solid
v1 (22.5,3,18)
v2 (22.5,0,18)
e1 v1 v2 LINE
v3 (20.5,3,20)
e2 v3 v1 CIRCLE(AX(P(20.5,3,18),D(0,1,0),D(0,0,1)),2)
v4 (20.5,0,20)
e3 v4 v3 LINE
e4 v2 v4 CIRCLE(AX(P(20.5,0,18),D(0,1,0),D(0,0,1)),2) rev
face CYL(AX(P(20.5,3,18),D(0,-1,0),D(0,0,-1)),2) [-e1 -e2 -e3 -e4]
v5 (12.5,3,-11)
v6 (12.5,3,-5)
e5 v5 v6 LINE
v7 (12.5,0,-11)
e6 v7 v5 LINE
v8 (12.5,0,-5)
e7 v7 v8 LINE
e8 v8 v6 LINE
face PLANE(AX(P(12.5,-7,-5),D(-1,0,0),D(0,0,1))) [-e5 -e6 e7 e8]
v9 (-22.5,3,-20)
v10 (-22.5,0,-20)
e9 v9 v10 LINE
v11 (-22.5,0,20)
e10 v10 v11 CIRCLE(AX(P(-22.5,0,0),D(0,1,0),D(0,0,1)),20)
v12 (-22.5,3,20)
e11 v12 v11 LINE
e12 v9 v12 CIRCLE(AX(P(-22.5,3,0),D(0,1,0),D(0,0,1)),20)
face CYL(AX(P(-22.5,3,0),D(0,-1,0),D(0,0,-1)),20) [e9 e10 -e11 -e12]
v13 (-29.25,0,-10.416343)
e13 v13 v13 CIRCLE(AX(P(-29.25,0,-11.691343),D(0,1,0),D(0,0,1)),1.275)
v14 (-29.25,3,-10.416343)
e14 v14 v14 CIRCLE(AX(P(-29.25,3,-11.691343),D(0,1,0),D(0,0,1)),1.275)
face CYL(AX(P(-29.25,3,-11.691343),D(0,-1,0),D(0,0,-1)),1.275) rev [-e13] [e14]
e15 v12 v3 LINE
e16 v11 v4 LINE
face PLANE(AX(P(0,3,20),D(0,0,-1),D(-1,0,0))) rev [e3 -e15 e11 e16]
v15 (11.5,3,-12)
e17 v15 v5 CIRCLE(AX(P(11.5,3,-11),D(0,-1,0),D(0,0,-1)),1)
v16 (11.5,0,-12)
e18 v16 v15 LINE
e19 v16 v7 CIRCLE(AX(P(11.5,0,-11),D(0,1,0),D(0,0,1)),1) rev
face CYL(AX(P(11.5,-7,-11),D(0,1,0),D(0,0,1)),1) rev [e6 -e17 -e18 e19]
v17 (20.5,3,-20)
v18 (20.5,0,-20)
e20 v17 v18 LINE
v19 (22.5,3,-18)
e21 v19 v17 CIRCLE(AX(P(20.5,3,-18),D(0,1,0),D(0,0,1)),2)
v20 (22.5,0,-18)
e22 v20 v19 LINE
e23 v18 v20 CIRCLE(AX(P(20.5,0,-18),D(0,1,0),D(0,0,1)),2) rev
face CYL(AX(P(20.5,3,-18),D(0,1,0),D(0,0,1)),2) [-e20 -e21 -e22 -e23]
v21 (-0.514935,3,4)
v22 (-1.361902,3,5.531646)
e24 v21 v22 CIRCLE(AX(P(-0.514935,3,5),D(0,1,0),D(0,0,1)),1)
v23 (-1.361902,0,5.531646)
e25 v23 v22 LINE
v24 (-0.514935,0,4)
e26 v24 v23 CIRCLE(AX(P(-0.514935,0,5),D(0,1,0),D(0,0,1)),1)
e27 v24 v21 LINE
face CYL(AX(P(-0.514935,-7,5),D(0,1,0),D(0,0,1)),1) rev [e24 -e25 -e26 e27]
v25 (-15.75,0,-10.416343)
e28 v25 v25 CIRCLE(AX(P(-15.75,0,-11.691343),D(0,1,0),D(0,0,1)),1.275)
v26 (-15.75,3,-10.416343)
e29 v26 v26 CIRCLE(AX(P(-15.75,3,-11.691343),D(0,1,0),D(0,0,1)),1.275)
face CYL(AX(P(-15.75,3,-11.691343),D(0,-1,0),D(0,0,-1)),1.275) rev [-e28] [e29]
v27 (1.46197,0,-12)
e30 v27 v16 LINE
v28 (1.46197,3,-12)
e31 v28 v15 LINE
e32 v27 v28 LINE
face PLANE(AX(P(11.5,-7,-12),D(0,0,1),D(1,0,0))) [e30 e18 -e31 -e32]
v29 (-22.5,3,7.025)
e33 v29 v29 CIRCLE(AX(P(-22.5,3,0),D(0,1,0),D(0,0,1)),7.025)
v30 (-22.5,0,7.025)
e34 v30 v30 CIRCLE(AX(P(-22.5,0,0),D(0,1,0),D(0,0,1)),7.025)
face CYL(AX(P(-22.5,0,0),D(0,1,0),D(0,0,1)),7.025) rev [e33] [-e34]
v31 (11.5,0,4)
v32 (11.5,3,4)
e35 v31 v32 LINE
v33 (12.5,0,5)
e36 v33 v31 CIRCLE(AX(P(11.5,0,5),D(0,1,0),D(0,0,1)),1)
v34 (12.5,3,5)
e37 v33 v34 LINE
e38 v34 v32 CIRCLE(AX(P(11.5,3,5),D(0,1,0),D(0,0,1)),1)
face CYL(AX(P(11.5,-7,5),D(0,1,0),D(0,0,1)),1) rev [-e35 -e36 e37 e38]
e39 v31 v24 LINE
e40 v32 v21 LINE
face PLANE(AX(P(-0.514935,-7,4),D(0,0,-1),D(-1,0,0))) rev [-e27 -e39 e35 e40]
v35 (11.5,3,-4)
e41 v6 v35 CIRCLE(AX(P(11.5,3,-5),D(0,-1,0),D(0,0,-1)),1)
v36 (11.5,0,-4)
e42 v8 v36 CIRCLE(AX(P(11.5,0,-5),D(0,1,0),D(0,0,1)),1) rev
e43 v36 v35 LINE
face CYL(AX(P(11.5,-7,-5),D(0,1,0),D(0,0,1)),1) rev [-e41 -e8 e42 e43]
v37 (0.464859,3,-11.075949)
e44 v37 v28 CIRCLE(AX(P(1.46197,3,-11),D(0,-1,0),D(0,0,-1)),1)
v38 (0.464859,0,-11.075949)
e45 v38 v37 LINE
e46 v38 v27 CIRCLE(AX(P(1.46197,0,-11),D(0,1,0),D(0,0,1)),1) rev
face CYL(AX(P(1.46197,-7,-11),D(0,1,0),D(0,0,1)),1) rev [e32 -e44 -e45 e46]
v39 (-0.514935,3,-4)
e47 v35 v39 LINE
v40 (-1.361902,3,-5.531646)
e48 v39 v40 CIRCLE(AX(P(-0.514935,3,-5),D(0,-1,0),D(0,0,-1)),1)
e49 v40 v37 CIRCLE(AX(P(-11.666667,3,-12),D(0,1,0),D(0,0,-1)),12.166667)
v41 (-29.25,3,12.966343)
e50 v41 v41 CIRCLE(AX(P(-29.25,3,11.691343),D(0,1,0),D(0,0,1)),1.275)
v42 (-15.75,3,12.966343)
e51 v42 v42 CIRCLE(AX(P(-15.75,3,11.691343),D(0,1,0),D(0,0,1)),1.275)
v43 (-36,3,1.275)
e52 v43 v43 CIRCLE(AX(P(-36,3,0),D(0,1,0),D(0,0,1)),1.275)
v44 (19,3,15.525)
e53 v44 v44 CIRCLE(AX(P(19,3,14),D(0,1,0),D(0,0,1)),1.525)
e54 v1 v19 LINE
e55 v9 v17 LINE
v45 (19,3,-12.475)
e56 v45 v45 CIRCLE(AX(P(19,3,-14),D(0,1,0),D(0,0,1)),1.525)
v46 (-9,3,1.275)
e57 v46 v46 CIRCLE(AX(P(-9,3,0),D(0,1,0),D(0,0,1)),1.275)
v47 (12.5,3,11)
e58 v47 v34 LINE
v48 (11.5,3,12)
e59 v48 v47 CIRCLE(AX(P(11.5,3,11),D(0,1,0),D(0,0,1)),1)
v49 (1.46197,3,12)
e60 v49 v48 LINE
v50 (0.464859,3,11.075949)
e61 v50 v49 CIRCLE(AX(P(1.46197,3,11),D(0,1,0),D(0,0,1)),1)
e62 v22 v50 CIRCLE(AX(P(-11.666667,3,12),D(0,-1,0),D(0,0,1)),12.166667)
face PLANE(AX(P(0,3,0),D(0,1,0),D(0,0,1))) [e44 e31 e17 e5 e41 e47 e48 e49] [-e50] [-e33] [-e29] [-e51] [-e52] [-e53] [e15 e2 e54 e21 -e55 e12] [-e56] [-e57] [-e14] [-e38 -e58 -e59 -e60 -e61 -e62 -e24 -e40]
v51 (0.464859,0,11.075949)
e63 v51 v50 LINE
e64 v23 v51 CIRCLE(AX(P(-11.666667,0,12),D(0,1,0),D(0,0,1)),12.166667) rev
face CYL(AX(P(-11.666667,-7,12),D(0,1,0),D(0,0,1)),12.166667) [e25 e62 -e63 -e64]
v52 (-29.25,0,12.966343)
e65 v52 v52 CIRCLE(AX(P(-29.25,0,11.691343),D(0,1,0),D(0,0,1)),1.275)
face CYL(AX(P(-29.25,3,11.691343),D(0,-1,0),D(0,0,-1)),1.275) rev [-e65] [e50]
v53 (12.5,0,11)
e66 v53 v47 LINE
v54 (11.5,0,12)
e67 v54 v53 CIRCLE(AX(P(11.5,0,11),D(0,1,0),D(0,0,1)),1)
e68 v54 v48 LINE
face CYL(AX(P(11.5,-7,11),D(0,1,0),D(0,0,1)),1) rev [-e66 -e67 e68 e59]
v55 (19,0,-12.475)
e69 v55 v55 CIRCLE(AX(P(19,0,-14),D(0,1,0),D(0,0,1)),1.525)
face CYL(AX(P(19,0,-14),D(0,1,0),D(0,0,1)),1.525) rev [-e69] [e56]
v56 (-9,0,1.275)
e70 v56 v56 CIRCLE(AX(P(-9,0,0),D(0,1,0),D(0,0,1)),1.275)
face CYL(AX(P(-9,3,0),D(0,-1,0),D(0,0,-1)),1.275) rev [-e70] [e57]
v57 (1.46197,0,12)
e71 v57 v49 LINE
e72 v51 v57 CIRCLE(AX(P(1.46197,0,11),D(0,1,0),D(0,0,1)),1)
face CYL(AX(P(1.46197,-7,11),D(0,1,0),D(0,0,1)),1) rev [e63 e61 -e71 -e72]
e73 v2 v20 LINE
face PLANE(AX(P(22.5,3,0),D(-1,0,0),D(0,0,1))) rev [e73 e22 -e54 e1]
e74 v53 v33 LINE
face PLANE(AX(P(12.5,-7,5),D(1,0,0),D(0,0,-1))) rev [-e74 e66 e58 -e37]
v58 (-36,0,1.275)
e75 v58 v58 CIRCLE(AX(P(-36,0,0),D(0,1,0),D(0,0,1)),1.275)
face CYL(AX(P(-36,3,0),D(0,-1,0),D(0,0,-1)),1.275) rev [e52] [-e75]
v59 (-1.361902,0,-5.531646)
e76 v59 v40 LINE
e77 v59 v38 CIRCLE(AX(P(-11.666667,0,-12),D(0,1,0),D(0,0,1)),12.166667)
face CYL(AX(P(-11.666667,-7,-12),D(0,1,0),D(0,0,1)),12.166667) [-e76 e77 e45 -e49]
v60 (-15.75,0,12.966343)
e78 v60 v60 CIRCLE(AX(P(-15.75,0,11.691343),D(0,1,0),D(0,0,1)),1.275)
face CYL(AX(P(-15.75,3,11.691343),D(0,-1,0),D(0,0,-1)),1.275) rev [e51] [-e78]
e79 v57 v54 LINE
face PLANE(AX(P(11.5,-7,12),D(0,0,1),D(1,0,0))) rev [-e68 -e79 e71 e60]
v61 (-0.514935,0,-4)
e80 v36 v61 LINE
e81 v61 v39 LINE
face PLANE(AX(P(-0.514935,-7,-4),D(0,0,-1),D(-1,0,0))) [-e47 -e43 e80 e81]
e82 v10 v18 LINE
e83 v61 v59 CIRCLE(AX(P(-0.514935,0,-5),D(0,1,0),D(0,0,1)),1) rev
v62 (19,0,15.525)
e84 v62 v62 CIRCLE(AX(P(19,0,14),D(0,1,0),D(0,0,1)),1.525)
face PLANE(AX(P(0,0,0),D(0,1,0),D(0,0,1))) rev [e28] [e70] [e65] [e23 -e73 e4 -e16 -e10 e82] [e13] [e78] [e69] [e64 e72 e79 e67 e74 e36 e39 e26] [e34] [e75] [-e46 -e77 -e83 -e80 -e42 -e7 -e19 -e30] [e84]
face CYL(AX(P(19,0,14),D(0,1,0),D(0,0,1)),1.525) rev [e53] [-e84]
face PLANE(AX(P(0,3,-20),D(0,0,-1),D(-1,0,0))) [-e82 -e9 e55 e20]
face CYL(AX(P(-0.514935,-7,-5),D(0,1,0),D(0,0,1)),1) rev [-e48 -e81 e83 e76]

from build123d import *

# Parameters (mm, degrees)
SKETCH_1_R          = 20
SKETCH_1_W          = 45
SKETCH_1_H          = 40
EXTRUDE_1_DEPTH     = 3
SKETCH_3_R          = 1.275
CUT_EXTRUDE_3_DEPTH = 4
SKETCH_6_R          = 7.025
CUT_EXTRUDE_6_DEPTH = 4
FILLET_1_R          = 2
SKETCH_7_R          = 1.525
CUT_EXTRUDE_7_DEPTH = 4
CUT_EXTRUDE_8_DEPTH = 10


with BuildPart() as part:
    # 草图1 → 凸台-拉伸1 (new body)
    with BuildSketch(Plane(origin=(0, 0, 0), x_dir=(1, 0, 0), z_dir=(0, 1, 0))):
        with Locations((-22.5, 0)):
            Circle(SKETCH_1_R)
        Rectangle(SKETCH_1_W, SKETCH_1_H)
    extrude(amount=EXTRUDE_1_DEPTH)

    # 草图3 → 切除-拉伸3 (cut, through all)
    with BuildSketch(Plane(origin=(0, 0, 0), x_dir=(1, 0, 0), z_dir=(0, 1, 0))):
        with Locations((-36, 0)):
            Circle(SKETCH_3_R)
        with Locations((-29.25, 11.691342951)):
            Circle(SKETCH_3_R)
        with Locations((-15.75, 11.691342951)):
            Circle(SKETCH_3_R)
        with Locations((-9, 0)):
            Circle(SKETCH_3_R)
        with Locations((-15.75, -11.691342951)):
            Circle(SKETCH_3_R)
        with Locations((-29.25, -11.691342951)):
            Circle(SKETCH_3_R)
    extrude(amount=CUT_EXTRUDE_3_DEPTH, mode=Mode.SUBTRACT)

    # 草图6 → 切除-拉伸6 (cut, through all)
    with BuildSketch(Plane(origin=(0, 3, 0), x_dir=(1, 0, 0), z_dir=(0, 1, 0))):
        with Locations((-22.5, 0)):
            Circle(SKETCH_6_R)
    extrude(amount=-CUT_EXTRUDE_6_DEPTH, mode=Mode.SUBTRACT)

    # 圆角1
    fillet_1_edges = [part.edges().sort_by_distance(p)[0] for p in [
        (22.5, 1.5, -20),
        (22.5, 1.5, 20),
    ]]
    fillet(fillet_1_edges, radius=FILLET_1_R)

    # 草图7 → 切除-拉伸7 (cut, through all)
    with BuildSketch(Plane(origin=(0, 3, 0), x_dir=(1, 0, 0), z_dir=(0, 1, 0))):
        with Locations((19, -14)):
            Circle(SKETCH_7_R)
        with Locations((19, 14)):
            Circle(SKETCH_7_R)
    extrude(amount=-CUT_EXTRUDE_7_DEPTH, mode=Mode.SUBTRACT)

    # 草图8 → 切除-拉伸8 (cut)
    with BuildSketch(Plane(origin=(0, 3, 0), x_dir=(1, 0, 0), z_dir=(0, 1, 0))):
        with BuildLine():
            Line((-0.51493536, -4.000000002), (11.500000002, -4.000000002))
            ThreePointArc((11.500000002, -4.000000002), (12.207106783, -4.29289322), (12.500000002, -5.000000002))
            Line((12.500000002, -5.000000002), (12.500000002, -11.000000002))
            ThreePointArc((12.500000002, -11.000000002), (12.207106783, -11.707106783), (11.500000002, -12.000000002))
            Line((11.500000002, -12.000000002), (1.461970397, -12.000000002))
            ThreePointArc((1.461970397, -12.000000002), (0.782245955, -11.733467577), (0.464858721, -11.075949369))
            ThreePointArc((0.464858721, -11.075949369), (-0.111079243, -8.192615452), (-1.361902294, -5.531645571))
            ThreePointArc((-1.361902294, -5.531645571), (-1.390048372, -4.516081398), (-0.51493536, -4.000000002))
        make_face()
    cut_extrude_8 = extrude(amount=-CUT_EXTRUDE_8_DEPTH, mode=Mode.SUBTRACT)

    # 镜向1: 切除-拉伸8 across plane
    add(cut_extrude_8.mirror(Plane.XY), mode=Mode.SUBTRACT)


solid = part.part
